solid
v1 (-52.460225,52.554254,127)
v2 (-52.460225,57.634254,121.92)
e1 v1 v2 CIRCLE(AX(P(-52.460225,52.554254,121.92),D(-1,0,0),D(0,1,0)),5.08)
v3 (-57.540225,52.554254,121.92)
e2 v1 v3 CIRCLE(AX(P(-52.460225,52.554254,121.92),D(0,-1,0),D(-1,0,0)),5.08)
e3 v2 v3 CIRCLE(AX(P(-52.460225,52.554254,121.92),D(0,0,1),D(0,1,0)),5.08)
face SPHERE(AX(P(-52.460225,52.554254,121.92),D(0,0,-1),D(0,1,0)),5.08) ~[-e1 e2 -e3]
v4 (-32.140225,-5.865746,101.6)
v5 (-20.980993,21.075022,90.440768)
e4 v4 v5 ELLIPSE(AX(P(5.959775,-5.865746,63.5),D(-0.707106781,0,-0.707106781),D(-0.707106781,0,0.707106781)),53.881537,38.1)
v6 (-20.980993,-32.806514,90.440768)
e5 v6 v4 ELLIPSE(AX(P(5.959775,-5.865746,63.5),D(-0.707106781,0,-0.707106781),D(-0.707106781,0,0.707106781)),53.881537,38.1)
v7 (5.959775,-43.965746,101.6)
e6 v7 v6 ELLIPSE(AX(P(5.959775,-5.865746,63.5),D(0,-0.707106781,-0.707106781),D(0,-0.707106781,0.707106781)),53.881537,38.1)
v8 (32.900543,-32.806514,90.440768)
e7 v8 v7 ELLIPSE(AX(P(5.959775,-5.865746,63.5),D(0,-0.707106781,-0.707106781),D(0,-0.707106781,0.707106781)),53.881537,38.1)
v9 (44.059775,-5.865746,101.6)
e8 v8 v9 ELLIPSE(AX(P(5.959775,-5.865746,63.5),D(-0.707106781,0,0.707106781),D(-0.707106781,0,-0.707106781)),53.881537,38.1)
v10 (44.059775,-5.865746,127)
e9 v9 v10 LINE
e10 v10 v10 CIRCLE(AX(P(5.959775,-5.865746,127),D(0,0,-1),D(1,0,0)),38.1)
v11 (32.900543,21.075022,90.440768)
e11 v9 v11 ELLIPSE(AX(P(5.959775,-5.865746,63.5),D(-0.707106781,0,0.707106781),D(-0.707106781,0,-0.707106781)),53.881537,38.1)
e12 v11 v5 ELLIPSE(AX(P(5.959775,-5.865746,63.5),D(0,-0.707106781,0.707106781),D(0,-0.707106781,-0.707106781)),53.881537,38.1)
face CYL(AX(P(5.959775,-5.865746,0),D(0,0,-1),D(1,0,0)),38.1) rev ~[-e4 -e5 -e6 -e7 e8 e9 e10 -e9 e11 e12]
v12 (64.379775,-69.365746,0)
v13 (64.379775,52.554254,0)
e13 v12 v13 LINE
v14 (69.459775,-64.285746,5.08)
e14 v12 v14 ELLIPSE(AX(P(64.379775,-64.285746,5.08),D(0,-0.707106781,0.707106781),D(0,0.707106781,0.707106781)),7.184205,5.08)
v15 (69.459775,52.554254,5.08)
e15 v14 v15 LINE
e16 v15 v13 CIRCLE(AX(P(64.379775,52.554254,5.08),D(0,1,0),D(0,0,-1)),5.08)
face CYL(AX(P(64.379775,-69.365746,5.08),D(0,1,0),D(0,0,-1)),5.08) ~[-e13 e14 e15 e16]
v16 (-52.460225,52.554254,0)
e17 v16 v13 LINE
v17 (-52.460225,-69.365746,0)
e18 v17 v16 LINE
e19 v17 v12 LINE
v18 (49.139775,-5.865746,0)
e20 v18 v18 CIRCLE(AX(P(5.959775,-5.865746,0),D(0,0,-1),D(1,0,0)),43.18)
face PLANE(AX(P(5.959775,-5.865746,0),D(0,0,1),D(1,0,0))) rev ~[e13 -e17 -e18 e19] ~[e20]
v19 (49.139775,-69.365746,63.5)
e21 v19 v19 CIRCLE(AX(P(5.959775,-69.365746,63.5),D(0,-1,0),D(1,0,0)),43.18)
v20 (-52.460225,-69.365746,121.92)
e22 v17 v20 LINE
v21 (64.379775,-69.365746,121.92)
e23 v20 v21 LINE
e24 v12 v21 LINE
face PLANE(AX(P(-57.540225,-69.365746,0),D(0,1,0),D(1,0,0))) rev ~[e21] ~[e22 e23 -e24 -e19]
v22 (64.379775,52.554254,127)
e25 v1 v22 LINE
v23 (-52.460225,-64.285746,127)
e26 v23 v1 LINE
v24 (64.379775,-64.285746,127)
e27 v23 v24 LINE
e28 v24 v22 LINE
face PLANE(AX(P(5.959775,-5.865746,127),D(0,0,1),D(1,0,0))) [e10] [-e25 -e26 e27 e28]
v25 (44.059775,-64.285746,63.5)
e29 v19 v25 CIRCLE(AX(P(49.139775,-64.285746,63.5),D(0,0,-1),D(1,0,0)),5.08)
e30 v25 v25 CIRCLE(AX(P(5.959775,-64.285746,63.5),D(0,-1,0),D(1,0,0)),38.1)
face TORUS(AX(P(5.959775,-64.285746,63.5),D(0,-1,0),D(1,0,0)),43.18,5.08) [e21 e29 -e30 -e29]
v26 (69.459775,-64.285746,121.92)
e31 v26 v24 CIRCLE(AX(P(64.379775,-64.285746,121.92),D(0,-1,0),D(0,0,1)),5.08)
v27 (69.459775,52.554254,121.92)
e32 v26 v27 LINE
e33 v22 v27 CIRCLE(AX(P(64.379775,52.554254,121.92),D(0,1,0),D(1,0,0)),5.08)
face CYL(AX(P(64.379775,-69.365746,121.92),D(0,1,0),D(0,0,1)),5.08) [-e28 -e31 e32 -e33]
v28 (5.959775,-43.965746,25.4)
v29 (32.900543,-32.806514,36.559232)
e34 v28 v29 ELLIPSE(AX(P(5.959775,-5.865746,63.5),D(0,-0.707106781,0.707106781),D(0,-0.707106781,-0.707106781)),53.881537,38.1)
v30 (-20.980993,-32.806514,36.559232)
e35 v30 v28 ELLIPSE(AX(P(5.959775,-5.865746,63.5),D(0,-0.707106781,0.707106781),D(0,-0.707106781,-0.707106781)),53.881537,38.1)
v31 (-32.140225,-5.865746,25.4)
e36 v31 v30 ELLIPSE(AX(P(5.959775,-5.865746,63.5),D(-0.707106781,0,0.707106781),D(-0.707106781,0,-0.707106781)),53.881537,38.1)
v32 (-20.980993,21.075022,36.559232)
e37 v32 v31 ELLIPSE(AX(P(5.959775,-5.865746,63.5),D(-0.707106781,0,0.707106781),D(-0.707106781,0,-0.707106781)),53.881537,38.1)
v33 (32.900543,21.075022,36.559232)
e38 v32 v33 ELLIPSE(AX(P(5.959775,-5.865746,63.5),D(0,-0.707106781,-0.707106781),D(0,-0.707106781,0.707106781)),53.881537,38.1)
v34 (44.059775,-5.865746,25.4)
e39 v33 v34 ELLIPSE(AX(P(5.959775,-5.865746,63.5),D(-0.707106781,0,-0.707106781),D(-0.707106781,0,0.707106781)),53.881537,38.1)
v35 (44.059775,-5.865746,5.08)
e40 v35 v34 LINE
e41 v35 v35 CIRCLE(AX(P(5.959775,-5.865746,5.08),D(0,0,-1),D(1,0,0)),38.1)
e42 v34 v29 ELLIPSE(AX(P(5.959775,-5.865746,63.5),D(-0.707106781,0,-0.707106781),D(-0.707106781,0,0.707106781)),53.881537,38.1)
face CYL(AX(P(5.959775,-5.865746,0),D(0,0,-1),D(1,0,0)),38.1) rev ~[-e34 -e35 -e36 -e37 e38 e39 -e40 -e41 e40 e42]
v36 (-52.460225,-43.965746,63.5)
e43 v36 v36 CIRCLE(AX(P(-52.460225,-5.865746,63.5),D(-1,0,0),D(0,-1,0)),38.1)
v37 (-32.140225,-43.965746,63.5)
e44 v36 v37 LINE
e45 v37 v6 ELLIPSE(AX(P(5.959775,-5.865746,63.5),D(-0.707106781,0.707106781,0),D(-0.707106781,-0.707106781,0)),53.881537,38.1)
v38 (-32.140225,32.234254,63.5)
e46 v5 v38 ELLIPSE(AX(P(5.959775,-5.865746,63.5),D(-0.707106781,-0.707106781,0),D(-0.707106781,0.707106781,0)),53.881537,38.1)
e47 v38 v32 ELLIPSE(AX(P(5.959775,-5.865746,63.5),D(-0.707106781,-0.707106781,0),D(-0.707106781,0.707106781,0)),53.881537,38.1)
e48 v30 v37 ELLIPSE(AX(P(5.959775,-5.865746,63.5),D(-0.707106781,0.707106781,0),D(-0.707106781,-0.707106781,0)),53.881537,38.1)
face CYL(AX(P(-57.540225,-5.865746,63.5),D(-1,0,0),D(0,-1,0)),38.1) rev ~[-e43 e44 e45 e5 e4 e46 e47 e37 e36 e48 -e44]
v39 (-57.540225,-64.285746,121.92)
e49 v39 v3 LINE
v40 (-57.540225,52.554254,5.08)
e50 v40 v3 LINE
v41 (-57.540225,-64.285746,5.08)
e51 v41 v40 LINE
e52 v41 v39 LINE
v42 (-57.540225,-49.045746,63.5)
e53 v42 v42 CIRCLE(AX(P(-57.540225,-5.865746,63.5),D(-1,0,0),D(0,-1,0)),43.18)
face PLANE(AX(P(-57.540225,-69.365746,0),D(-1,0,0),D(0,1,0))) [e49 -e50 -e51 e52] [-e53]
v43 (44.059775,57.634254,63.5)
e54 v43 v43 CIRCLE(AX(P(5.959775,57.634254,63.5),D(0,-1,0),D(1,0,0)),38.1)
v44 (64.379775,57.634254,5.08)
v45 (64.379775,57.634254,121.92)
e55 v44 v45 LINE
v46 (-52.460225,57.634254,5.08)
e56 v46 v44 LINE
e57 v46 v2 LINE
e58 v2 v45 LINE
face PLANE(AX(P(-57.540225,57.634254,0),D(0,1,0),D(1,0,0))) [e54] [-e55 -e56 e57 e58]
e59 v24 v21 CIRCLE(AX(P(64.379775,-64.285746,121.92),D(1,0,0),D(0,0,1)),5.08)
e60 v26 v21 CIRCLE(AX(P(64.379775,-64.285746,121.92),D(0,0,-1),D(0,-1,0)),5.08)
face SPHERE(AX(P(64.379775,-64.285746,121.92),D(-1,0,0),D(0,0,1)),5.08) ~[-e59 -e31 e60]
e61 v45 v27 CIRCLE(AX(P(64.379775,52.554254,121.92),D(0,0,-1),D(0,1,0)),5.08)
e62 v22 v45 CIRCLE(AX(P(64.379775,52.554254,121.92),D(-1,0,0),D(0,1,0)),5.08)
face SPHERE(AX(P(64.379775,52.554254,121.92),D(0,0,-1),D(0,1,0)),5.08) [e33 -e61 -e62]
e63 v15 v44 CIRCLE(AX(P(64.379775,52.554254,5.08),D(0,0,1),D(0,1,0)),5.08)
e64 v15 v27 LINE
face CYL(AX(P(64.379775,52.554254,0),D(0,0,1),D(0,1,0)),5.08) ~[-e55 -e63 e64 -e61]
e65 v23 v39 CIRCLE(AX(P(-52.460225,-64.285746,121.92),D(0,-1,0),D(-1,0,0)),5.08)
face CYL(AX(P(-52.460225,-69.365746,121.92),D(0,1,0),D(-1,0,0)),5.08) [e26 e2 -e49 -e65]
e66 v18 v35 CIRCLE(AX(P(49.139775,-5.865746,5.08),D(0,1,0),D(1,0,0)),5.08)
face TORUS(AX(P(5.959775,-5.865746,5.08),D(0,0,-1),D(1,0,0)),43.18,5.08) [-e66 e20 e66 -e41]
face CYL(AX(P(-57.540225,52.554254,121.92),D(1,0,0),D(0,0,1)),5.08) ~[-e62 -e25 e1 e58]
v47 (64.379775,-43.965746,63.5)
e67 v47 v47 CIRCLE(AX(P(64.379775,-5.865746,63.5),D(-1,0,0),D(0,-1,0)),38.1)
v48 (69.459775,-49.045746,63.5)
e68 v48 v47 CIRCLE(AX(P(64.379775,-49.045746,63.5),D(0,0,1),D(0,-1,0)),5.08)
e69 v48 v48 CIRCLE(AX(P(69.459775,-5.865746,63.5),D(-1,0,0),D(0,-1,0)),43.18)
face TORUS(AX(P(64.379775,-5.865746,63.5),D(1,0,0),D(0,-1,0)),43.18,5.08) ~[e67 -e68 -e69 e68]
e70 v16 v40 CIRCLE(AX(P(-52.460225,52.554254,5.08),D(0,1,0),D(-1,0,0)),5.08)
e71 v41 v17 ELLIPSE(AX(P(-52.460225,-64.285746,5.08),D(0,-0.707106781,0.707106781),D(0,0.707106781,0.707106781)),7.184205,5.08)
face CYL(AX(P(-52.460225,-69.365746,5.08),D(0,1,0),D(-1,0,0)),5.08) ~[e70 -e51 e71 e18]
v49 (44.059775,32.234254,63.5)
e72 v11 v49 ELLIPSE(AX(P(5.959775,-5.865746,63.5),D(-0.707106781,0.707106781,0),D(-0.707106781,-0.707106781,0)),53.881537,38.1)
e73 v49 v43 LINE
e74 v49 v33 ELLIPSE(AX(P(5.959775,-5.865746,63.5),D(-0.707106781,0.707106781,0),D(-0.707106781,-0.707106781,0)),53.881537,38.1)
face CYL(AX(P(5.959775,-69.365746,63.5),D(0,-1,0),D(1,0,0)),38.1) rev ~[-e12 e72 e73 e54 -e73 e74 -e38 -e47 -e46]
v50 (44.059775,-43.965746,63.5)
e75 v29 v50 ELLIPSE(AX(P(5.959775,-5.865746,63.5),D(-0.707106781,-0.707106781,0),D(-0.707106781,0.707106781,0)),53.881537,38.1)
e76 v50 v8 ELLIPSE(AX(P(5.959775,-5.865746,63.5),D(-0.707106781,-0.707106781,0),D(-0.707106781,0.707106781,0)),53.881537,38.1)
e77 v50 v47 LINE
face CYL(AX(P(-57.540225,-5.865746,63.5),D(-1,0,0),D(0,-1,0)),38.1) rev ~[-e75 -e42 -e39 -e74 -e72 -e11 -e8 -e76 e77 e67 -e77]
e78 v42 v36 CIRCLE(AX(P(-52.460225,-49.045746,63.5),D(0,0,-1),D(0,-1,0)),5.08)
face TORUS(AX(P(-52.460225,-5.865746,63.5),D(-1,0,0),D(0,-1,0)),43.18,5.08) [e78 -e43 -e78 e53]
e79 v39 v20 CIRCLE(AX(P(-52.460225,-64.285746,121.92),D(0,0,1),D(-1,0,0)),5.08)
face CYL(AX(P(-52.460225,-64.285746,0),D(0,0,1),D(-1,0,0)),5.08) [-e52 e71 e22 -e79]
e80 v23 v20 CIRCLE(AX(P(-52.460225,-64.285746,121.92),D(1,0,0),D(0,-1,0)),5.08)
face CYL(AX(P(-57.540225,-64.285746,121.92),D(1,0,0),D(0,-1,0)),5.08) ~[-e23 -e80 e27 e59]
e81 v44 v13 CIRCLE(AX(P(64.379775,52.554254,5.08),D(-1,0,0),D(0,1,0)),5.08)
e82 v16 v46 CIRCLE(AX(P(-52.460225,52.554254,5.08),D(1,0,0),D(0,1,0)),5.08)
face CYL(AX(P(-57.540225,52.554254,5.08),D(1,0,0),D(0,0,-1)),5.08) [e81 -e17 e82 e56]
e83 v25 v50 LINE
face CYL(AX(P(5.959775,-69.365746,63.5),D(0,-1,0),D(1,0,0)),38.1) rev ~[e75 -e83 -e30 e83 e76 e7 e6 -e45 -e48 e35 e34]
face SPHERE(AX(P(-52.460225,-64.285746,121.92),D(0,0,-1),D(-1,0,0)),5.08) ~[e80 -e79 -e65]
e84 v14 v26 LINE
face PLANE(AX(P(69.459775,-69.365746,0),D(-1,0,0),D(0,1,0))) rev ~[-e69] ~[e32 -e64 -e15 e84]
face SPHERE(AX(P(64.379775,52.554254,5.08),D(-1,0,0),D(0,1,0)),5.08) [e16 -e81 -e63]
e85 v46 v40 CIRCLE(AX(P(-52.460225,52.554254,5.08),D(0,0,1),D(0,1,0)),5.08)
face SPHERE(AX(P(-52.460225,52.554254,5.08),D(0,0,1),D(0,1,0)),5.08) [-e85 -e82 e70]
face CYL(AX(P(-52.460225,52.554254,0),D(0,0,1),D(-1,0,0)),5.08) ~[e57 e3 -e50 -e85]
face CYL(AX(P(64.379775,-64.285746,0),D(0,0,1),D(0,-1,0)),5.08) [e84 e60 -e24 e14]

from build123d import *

# Parameters (mm, degrees)
F0_W     = 127
F0_H     = 127
F1_DEPTH = 127
F2_R     = 38.1
F3_DEPTH = 127
F4_R     = 38.1
F5_DEPTH = 127
F6_R     = 38.1
F7_DEPTH = 127
F8_R     = 5.08


with BuildPart() as f1:
    # F0 (on Top) → F1 (new body)
    with BuildSketch(Plane.XY):
        with Locations((5.959775, -5.865746)):
            Rectangle(F0_W, F0_H)
    extrude(amount=F1_DEPTH)

    # F2 (on face) → F3 (cut)
    with BuildSketch(Plane(origin=(-57.540225, 0, 0), x_dir=(0, -1, 0), z_dir=(-1, 0, 0))):
        with Locations((5.865746, 63.5)):
            Circle(F2_R)
    extrude(amount=-F3_DEPTH, mode=Mode.SUBTRACT)

    # F4 (on face) → F5 (cut)
    with BuildSketch(Plane.XZ.offset(69.365746)):
        with Locations((5.959775, 63.5)):
            Circle(F4_R)
    extrude(amount=-F5_DEPTH, mode=Mode.SUBTRACT)

    # F6 (on face) → F7 (cut)
    with BuildSketch(Plane(origin=(0, 0, 0), x_dir=(1, 0, 0), z_dir=(0, 0, -1))):
        with Locations((5.959775, 5.865746)):
            Circle(F6_R)
    extrude(amount=-F7_DEPTH, mode=Mode.SUBTRACT)

    # F8
    f8_edges = [f1.edges().sort_by_distance(p)[0] for p in [
        (-57.540225, 57.634254, 63.5),
        (5.959775, 57.634254, 0),
        (69.459775, 57.634254, 63.5),
        (5.959775, 57.634254, 127),
        (-57.540225, -5.865746, 0),
        (-57.540225, -69.365746, 63.5),
        (-57.540225, -5.865746, 127),
        (5.959775, -69.365746, 127),
        (69.459775, -5.865746, 127),
        (69.459775, -5.865746, 0),
        (69.459775, -69.365746, 63.5),
        (69.459775, 32.234254, 63.5),
        (-32.140225, -5.865746, 0),
        (-57.540225, 32.234254, 63.5),
        (-32.140225, -69.365746, 63.5),
    ]]
    fillet(f8_edges, radius=F8_R)


solid = f1.part
